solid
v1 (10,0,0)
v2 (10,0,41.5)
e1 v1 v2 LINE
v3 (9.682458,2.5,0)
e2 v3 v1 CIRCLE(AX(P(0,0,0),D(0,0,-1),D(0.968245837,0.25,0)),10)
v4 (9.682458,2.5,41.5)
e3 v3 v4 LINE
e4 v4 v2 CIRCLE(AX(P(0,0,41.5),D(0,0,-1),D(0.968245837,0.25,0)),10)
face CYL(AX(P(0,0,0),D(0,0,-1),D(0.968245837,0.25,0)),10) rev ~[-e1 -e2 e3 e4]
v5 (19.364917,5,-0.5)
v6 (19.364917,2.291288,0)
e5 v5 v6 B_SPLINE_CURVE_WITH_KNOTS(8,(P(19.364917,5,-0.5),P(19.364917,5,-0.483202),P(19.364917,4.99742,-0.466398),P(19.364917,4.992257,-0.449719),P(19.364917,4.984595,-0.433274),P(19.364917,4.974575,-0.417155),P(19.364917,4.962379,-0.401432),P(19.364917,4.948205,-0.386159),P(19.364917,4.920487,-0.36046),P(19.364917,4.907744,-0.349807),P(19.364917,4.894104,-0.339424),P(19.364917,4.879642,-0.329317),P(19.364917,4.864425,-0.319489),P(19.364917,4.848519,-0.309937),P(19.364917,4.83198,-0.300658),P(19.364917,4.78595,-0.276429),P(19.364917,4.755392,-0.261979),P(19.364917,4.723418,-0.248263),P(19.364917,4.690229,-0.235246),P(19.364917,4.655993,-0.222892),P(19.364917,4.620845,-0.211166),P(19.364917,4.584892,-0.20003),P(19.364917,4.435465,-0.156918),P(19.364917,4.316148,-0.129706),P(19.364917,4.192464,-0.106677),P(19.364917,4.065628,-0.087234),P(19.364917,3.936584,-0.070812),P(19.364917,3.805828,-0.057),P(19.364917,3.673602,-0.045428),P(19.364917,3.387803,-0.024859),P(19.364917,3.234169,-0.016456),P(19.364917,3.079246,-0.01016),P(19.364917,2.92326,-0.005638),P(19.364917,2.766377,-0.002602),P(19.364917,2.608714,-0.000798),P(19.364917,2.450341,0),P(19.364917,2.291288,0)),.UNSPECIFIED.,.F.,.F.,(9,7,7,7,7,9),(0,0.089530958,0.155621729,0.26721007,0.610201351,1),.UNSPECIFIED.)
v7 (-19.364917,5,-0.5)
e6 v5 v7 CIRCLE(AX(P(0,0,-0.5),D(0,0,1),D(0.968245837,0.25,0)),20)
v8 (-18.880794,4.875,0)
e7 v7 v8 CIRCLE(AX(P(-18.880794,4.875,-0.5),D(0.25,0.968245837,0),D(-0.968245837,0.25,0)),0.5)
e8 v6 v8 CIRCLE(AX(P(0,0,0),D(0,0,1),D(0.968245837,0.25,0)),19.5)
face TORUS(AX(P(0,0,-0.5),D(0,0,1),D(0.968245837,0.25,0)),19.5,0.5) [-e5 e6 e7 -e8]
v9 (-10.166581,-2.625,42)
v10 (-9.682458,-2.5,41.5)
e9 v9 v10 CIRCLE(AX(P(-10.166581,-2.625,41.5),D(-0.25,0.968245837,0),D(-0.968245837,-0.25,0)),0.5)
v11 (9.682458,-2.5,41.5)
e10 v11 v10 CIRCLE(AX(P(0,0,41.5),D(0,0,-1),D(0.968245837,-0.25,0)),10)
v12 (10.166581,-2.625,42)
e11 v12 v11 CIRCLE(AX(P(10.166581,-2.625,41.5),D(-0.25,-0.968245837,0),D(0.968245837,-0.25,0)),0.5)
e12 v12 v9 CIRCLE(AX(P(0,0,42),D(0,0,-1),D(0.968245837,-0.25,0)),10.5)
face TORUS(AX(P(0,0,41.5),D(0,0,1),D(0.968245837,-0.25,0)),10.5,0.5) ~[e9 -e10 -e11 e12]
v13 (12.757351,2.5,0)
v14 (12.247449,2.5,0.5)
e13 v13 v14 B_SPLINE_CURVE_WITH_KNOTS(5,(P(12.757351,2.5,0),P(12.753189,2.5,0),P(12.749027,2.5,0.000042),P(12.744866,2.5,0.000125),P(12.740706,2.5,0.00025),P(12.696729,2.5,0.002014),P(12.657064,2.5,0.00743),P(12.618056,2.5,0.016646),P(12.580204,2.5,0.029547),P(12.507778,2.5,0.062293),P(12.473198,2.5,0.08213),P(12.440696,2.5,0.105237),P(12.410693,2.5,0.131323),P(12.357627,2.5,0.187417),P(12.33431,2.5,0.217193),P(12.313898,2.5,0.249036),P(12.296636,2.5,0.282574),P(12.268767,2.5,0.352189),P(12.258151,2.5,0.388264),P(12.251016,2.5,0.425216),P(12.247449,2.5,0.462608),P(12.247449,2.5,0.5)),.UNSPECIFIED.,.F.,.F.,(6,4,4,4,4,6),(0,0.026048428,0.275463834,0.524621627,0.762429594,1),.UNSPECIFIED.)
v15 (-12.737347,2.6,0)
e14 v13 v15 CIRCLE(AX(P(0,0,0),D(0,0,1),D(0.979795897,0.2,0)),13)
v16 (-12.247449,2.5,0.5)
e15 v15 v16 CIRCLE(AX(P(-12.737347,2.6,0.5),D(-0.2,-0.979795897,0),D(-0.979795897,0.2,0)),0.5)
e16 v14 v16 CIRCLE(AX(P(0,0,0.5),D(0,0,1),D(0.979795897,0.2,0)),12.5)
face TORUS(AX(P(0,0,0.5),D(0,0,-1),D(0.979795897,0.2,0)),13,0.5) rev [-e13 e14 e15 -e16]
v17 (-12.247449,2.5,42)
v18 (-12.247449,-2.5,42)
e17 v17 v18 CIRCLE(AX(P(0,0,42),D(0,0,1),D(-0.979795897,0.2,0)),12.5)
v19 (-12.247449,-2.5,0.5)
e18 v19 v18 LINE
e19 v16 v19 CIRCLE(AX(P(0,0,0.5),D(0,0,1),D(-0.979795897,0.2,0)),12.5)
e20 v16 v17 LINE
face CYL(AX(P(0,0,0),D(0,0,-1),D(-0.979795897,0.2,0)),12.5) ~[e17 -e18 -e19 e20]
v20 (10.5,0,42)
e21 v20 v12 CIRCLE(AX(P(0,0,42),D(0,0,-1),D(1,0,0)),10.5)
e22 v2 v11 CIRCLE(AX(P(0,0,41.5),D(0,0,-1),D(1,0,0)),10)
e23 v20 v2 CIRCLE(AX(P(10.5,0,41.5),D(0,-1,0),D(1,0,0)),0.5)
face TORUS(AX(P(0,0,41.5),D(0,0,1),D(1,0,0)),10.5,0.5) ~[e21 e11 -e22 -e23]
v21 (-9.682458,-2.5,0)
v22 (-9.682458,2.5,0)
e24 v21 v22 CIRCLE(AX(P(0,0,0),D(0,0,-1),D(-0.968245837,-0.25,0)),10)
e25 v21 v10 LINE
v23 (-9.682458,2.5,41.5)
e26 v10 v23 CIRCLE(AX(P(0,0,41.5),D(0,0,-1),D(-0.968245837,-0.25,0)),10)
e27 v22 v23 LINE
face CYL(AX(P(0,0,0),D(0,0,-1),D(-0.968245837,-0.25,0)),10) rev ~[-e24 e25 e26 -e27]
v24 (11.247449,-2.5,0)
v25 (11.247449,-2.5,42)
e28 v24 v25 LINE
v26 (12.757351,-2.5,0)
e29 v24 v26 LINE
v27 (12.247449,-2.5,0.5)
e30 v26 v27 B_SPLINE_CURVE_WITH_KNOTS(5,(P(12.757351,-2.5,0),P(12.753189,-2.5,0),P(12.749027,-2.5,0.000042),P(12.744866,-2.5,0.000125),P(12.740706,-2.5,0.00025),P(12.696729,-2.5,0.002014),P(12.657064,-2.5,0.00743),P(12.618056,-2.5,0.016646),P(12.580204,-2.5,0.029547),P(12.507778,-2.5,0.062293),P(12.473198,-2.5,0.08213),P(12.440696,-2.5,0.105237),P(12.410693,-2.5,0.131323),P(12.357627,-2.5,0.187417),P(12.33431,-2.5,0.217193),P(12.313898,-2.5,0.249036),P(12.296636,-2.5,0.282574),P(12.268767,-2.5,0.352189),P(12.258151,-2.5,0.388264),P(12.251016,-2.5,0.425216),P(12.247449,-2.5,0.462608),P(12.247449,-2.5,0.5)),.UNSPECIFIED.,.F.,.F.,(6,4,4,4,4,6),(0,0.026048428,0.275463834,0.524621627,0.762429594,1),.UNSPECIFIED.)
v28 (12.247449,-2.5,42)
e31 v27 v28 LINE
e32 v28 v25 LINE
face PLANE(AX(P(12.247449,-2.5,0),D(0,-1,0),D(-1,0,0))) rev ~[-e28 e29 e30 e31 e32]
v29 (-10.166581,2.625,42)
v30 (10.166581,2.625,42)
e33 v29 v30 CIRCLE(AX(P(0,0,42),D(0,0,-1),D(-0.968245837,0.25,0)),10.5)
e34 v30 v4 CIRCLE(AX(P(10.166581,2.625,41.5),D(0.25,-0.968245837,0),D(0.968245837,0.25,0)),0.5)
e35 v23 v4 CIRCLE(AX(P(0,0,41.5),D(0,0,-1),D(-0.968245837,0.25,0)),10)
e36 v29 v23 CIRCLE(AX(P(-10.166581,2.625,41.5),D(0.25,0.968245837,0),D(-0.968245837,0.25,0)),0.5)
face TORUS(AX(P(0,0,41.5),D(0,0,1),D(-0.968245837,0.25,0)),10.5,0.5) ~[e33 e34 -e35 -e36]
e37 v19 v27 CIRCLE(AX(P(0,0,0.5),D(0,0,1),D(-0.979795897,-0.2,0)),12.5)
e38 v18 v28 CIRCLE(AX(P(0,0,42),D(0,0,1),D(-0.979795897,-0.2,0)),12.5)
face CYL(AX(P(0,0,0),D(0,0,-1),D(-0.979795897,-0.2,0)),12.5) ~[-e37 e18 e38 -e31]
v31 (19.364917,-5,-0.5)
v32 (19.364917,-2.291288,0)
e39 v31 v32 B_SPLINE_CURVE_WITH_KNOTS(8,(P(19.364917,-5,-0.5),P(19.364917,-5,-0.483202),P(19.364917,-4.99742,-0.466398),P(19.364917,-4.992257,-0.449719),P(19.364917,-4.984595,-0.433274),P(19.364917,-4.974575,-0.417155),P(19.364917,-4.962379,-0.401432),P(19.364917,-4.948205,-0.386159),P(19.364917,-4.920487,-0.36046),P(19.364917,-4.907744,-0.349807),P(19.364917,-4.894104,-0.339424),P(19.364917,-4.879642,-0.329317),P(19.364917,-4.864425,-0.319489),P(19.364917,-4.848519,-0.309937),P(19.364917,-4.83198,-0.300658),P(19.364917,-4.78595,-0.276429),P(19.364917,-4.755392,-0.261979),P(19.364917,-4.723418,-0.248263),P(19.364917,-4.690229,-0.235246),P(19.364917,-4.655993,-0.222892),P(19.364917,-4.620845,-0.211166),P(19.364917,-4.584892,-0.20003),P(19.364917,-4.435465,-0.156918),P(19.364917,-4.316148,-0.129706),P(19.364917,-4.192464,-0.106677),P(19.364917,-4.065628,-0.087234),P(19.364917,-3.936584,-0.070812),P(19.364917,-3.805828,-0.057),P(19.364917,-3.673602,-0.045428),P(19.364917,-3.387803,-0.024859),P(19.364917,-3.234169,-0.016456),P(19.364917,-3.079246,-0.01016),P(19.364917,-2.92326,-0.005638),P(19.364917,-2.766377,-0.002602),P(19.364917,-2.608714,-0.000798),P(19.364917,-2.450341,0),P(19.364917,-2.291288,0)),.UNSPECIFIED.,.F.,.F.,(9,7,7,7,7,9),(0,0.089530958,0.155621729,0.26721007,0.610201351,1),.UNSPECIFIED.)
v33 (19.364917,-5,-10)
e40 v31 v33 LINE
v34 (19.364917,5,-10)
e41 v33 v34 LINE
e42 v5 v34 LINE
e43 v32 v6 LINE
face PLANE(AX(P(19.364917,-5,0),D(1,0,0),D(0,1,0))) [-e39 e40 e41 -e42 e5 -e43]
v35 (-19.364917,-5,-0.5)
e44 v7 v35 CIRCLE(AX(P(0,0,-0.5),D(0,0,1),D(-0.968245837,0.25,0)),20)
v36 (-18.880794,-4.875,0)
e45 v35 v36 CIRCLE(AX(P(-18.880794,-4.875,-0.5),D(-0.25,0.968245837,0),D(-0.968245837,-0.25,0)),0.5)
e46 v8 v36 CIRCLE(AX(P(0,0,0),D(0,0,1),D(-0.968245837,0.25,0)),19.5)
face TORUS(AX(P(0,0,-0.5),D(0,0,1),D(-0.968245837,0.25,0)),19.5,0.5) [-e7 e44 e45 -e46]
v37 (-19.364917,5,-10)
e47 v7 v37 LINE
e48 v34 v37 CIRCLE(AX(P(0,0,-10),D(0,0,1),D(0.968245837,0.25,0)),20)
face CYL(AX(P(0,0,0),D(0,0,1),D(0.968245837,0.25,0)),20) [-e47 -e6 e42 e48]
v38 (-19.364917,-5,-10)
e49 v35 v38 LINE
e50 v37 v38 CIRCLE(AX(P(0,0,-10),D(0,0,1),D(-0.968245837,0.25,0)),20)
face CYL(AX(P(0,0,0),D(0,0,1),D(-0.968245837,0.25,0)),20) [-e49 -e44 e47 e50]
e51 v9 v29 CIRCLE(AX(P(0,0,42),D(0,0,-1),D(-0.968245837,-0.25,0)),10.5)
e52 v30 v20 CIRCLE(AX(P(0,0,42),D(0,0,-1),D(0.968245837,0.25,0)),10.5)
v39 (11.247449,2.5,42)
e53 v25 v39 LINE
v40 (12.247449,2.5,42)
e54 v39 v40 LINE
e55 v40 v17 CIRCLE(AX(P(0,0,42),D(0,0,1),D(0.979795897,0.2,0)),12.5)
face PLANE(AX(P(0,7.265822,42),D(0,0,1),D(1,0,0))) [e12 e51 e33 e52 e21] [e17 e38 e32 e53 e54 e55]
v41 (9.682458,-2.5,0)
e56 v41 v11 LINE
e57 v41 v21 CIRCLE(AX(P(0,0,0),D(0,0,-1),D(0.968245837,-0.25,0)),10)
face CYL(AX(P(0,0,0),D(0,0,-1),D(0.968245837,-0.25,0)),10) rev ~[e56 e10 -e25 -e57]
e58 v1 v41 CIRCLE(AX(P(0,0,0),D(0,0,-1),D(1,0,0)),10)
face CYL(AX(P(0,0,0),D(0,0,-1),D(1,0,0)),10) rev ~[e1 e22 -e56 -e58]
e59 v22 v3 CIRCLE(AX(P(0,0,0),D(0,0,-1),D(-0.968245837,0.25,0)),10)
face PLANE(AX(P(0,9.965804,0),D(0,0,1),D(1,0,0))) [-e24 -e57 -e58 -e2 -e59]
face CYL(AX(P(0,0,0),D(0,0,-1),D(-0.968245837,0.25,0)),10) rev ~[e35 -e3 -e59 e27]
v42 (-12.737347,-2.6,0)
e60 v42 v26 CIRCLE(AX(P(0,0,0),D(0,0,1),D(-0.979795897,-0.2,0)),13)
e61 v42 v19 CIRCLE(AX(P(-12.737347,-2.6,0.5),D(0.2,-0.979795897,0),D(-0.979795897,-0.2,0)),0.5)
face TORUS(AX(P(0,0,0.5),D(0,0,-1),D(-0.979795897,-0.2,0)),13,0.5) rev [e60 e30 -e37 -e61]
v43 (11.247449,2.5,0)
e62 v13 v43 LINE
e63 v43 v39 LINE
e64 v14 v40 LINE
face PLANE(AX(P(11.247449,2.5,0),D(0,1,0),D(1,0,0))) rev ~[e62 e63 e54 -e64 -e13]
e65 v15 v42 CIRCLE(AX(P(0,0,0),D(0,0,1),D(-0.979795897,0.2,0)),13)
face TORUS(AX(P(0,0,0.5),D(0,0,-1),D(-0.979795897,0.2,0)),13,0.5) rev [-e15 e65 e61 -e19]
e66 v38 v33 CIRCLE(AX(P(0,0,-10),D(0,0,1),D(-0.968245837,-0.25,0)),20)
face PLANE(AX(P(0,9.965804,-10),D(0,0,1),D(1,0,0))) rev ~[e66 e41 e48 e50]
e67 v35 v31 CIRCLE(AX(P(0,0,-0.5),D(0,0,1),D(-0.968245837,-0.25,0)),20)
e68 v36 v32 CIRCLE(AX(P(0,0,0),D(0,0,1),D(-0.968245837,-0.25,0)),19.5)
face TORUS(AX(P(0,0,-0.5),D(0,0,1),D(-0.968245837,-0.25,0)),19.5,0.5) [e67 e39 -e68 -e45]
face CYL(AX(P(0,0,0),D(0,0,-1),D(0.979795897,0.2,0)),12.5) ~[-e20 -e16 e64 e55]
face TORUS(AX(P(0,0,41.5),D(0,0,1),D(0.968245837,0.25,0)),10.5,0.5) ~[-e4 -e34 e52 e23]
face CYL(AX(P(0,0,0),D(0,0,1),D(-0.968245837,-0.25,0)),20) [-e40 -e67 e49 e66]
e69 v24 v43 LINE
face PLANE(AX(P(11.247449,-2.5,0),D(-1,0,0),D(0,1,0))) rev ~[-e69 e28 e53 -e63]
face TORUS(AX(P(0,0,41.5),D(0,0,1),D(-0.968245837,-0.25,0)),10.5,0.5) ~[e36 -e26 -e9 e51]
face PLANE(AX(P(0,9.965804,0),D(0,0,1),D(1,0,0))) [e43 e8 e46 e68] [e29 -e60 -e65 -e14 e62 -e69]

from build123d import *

# Parameters (mm, degrees)
F0_W     = 38.7298334621
F0_H     = 10
F1_DEPTH = 10
F3_DEPTH = 42
F4_R     = 0.5


with BuildPart() as f1:
    # F0 (on Top) → F1 (new body)
    with BuildSketch(Plane.XY):
        with BuildLine():
            Line((-19.364916731, 5), (19.364916731, 5))
            ThreePointArc((19.364916731, 5), (0, 20), (-19.364916731, 5))
        make_face()
        with BuildLine():
            Line((-19.364916731, -5), (-19.364916731, 5))
            ThreePointArc((-19.364916731, 5), (-20, 0), (-19.364916731, -5))
        make_face()
        with BuildLine():
            ThreePointArc((-19.364916731, -5), (0, -20), (19.364916731, -5))
            Line((19.364916731, -5), (-19.364916731, -5))
        make_face()
        Rectangle(F0_W, F0_H)
    extrude(amount=-F1_DEPTH)

    # F2 (on face) → F3 (join)
    with BuildSketch(Plane.XY):
        with BuildLine():
            Line((11.2474487139, 2.5), (12.2474487139, 2.5))
            ThreePointArc((12.2474487139, 2.5), (0, 12.5), (-12.2474487139, 2.5))
            Line((-12.2474487139, 2.5), (-9.6824583655, 2.5))
            ThreePointArc((-9.6824583655, 2.5), (0, 10), (9.6824583655, 2.5))
            Line((9.6824583655, 2.5), (11.2474487139, 2.5))
        make_face()
        with BuildLine():
            Line((11.2474487139, -2.5), (11.2474487139, 2.5))
            Line((11.2474487139, 2.5), (9.6824583655, 2.5))
            ThreePointArc((9.6824583655, 2.5), (9.9202969627, 1.2600429248), (10, 0))
            ThreePointArc((10, 0), (9.9202969627, -1.2600429248), (9.6824583655, -2.5))
            Line((9.6824583655, -2.5), (11.2474487139, -2.5))
        make_face()
        with BuildLine():
            ThreePointArc((-12.2474487139, -2.5), (0, -12.5), (12.2474487139, -2.5))
            Line((12.2474487139, -2.5), (11.2474487139, -2.5))
            Line((11.2474487139, -2.5), (9.6824583655, -2.5))
            ThreePointArc((9.6824583655, -2.5), (0, -10), (-9.6824583655, -2.5))
            Line((-9.6824583655, -2.5), (-12.2474487139, -2.5))
        make_face()
        with BuildLine():
            Line((-9.6824583655, 2.5), (-12.2474487139, 2.5))
            Line((-12.2474487139, 2.5), (-12.2474487139, -2.5))
            Line((-12.2474487139, -2.5), (-9.6824583655, -2.5))
            ThreePointArc((-9.6824583655, -2.5), (-10, 0), (-9.6824583655, 2.5))
        make_face()
        with BuildLine():
            Line((-12.2474487139, -2.5), (-12.2474487139, 2.5))
            ThreePointArc((-12.2474487139, 2.5), (-12.5, 0), (-12.2474487139, -2.5))
        make_face()
    extrude(amount=F3_DEPTH)

    # F4
    f4_edges = [f1.edges().sort_by_distance(p)[0] for p in [
        (9.682458, 2.5, 42),
        (-12.5, 0, 0),
        (-20, 0, 0),
    ]]
    fillet(f4_edges, radius=F4_R)


solid = f1.part
